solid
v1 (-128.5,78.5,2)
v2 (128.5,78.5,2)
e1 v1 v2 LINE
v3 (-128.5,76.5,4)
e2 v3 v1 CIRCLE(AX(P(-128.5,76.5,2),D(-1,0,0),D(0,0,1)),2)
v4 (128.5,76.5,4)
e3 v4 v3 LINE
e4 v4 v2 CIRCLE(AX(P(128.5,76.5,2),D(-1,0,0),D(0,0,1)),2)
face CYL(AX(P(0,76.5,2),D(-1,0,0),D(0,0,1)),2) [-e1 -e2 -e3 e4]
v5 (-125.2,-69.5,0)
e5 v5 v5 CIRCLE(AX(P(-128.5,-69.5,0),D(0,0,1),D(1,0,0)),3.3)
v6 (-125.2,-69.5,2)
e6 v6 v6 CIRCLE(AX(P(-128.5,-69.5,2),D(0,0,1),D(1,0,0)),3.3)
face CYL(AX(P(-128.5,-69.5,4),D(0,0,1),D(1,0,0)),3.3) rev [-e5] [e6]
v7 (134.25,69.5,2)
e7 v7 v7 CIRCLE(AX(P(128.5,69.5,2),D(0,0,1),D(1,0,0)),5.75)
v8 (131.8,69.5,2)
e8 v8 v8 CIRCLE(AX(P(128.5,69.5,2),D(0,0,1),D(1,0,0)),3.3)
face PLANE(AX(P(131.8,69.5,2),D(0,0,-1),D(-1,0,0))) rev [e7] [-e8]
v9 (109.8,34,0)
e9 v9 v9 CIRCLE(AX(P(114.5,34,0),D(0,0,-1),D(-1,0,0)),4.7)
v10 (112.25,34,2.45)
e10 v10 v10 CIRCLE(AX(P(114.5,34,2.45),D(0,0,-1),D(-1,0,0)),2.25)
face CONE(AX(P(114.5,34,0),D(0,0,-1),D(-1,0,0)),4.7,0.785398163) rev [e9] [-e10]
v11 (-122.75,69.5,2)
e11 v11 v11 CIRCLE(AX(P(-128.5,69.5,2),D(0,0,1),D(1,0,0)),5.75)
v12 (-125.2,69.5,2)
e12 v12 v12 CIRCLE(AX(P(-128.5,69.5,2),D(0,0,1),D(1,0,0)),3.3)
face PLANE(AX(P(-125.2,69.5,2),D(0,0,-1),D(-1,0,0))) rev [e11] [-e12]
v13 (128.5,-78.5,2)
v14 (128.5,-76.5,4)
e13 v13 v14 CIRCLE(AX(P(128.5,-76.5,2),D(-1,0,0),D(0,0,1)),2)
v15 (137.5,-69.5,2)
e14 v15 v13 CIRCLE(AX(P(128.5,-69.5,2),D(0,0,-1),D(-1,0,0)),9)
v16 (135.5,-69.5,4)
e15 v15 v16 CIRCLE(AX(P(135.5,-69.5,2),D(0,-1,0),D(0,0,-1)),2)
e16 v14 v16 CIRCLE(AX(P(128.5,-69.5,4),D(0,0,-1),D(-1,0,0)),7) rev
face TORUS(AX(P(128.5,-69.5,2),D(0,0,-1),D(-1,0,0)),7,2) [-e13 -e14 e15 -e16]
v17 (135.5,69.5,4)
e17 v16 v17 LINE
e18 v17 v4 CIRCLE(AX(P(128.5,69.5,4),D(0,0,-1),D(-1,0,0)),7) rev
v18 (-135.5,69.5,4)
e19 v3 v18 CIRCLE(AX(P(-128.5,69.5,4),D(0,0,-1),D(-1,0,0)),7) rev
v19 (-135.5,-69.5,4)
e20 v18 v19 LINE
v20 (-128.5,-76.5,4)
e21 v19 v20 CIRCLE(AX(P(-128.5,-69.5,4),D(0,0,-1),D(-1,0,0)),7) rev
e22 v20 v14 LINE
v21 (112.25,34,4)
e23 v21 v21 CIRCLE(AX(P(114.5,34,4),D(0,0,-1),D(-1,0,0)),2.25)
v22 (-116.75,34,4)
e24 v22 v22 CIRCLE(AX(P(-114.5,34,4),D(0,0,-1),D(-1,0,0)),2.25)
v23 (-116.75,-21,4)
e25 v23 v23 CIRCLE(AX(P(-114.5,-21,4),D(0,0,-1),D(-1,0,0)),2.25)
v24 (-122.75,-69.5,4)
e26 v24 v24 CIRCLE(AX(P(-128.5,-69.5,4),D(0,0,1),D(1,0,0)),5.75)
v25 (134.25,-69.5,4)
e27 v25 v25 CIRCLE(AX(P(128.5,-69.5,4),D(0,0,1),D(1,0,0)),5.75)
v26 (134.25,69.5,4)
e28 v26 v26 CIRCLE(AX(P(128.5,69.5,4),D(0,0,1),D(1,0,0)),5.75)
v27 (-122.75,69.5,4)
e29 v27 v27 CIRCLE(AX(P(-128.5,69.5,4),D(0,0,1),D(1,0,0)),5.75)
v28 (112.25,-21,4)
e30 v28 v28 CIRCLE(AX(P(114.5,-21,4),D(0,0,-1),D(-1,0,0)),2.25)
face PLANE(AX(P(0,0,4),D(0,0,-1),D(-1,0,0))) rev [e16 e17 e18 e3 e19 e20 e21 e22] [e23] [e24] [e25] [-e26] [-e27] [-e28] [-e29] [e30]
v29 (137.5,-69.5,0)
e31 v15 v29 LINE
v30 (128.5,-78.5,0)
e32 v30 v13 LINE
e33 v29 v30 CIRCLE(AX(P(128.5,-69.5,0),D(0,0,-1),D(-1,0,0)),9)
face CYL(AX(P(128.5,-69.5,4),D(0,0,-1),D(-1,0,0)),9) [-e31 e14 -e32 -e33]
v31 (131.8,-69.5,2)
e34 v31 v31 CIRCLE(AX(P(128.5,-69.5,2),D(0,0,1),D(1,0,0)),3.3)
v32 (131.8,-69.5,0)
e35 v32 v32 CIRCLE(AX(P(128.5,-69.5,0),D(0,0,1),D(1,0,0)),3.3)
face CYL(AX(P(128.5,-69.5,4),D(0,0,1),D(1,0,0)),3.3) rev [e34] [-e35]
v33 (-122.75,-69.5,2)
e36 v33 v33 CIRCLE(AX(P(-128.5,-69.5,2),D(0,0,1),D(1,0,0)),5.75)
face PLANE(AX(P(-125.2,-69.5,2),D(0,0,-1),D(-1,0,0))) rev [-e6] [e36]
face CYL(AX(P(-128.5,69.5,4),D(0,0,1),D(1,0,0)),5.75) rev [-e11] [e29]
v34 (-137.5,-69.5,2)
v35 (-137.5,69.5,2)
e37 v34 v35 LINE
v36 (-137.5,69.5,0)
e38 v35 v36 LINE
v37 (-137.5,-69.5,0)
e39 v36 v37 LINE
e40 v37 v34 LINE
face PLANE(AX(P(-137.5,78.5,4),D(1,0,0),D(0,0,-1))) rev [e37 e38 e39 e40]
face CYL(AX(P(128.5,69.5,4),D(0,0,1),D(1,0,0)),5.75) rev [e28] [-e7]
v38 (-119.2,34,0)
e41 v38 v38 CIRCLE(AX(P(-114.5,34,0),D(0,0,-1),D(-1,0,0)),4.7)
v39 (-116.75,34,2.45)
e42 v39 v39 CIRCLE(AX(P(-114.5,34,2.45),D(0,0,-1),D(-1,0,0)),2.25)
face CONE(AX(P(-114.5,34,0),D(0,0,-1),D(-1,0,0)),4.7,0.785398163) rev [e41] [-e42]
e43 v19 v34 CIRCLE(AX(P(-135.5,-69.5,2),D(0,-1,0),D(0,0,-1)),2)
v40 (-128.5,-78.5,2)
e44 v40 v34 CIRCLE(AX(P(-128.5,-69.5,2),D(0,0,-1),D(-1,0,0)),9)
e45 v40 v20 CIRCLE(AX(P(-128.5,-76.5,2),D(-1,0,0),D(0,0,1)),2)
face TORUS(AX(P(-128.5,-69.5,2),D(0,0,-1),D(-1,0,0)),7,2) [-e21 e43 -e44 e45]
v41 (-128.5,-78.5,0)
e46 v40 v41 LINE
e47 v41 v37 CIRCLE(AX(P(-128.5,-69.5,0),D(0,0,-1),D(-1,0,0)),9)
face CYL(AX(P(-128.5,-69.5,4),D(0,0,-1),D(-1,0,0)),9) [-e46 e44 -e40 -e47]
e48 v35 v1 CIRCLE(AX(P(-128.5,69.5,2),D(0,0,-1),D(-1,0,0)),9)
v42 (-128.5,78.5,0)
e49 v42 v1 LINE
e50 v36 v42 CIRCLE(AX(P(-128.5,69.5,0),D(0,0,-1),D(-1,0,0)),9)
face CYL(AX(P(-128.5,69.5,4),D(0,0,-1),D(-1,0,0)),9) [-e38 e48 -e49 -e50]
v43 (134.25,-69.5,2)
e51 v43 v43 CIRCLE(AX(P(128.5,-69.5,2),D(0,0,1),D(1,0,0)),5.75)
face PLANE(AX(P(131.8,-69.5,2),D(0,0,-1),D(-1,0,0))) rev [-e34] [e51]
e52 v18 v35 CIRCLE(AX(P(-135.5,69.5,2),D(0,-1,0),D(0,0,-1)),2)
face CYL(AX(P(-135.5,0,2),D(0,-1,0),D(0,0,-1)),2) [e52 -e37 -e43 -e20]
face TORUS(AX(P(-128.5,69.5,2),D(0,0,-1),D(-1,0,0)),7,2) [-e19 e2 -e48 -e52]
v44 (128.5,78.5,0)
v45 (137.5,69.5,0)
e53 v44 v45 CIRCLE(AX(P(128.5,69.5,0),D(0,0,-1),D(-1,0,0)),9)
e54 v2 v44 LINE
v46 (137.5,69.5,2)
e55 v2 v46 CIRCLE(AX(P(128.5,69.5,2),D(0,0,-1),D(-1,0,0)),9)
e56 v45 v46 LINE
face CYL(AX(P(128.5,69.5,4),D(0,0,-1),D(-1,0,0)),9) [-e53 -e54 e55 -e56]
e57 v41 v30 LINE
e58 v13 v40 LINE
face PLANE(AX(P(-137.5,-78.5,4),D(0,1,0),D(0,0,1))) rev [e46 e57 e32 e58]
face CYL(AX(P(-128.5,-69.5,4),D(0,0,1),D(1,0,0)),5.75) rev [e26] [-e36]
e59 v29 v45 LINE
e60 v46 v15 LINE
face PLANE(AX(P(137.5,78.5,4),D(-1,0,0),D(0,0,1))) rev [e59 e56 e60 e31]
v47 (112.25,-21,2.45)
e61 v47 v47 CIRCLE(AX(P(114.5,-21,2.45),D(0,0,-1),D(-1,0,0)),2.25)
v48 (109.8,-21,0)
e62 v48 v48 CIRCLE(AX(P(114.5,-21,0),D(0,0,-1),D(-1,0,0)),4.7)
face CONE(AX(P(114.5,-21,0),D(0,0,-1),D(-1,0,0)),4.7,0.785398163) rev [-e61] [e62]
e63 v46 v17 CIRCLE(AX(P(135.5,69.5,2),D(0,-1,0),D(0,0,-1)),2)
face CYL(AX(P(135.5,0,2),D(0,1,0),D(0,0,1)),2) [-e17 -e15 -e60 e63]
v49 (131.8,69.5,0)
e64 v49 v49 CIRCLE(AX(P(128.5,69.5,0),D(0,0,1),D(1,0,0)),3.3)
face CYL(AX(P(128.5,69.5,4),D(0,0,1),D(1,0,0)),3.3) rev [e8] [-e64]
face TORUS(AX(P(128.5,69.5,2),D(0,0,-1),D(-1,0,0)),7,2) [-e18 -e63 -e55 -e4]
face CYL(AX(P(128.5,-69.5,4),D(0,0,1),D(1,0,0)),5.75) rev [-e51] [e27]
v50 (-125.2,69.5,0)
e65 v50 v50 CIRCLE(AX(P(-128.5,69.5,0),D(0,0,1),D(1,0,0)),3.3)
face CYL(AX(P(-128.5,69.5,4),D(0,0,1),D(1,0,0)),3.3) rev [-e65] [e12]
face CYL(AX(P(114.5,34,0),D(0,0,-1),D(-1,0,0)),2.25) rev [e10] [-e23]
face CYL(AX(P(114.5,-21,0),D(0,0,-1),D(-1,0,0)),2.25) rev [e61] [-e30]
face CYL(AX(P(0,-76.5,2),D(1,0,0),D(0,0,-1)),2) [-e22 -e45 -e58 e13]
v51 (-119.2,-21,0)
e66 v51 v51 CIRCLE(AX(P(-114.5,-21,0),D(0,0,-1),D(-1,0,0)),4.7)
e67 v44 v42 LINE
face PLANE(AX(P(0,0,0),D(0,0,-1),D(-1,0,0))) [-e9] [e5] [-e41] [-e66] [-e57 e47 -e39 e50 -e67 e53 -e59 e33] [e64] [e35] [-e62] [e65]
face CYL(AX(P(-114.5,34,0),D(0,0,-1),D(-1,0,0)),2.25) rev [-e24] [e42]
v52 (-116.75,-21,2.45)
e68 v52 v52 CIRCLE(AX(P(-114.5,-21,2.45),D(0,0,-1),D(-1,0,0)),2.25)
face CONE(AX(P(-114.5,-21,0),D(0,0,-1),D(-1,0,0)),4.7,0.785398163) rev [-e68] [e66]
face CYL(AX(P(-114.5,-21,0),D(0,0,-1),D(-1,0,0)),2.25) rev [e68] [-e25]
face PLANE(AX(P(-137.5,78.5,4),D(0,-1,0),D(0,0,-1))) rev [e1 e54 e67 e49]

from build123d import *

# Parameters (mm, degrees)
ESQUISSE4_W                                      = 275
ESQUISSE4_H                                      = 157
BOSS_EXTRU_2_DEPTH                               = 4
FRAISAGE_POUR_VIS_T_TE_FRAIS_E_M42_AT_COUNT      = 2
FRAISAGE_POUR_VIS_T_TE_FRAIS_E_M42_AT_PITCH      = 235.512207752
FRAISAGE_POUR_VIS_T_TE_FRAIS_E_M42_2_COUNT       = 2
FRAISAGE_POUR_VIS_T_TE_FRAIS_E_M42_2_PITCH       = 229
FRAISAGE_POUR_VIS_T_TE_FRAIS_E_M42_3_COUNT       = 2
FRAISAGE_POUR_VIS_T_TE_FRAIS_E_M42_3_PITCH       = 55
CHAMBRAGE_POUR_VIS_T_TE_RONDE_6_PANS_D           = 6.6
CHAMBRAGE_POUR_VIS_T_TE_RONDE_6_PANS_CBORE_D     = 11.5
CHAMBRAGE_POUR_VIS_T_TE_RONDE_6_PANS_CBORE_DEPTH = 2
CONG_1_R                                         = 9
CONG_2_R                                         = 2


with BuildPart() as part:
    # Esquisse4 → Boss.-Extru.2 (new body)
    with BuildSketch(Plane.XY):
        Rectangle(ESQUISSE4_W, ESQUISSE4_H)
    extrude(amount=BOSS_EXTRU_2_DEPTH)

    # Esquisse6 → Fraisage pour vis à tête fraisée M42 (revolve, cut)
    with BuildSketch(Plane(origin=(-114.5, -21, 0), x_dir=(0, 1, 0), z_dir=(1, 0, 0))):
        Polygon((0, 0), (0, 4), (2.25, 4), (2.25, 2.45), (4.7, 0), align=None)
    fraisage_pour_vis_t_te_frais_e_m42 = revolve(axis=Axis((-114.5, -21, -6.35), (0, 0, 1)), mode=Mode.SUBTRACT)

    # Fraisage pour vis à tête fraisée M42 at: Fraisage pour vis à tête fraisée M42 ×2
    with Locations(*[Vector(0.972348747, 0.233533542, 0) * (i * FRAISAGE_POUR_VIS_T_TE_FRAIS_E_M42_AT_PITCH) for i in range(1, FRAISAGE_POUR_VIS_T_TE_FRAIS_E_M42_AT_COUNT)]):
        add(fraisage_pour_vis_t_te_frais_e_m42, mode=Mode.SUBTRACT)

    # Fraisage pour vis _ t_te frais_e M42 2: Fraisage pour vis à tête fraisée M42 ×2
    with Locations(*[(i * FRAISAGE_POUR_VIS_T_TE_FRAIS_E_M42_2_PITCH, 0, 0) for i in range(1, FRAISAGE_POUR_VIS_T_TE_FRAIS_E_M42_2_COUNT)]):
        add(fraisage_pour_vis_t_te_frais_e_m42, mode=Mode.SUBTRACT)

    # Fraisage pour vis _ t_te frais_e M42 3: Fraisage pour vis à tête fraisée M42 ×2
    with Locations(*[(0, i * FRAISAGE_POUR_VIS_T_TE_FRAIS_E_M42_3_PITCH, 0) for i in range(1, FRAISAGE_POUR_VIS_T_TE_FRAIS_E_M42_3_COUNT)]):
        add(fraisage_pour_vis_t_te_frais_e_m42, mode=Mode.SUBTRACT)

    # Chambrage pour Vis à tête ronde à 6 pans creux M61 (through all)
    with Locations(Plane.XY.offset(4)):
        with Locations((128.5, -69.5), (-128.5, -69.5), (-128.5, 69.5), (128.5, 69.5)):
            CounterBoreHole(CHAMBRAGE_POUR_VIS_T_TE_RONDE_6_PANS_D / 2, CHAMBRAGE_POUR_VIS_T_TE_RONDE_6_PANS_CBORE_D / 2, CHAMBRAGE_POUR_VIS_T_TE_RONDE_6_PANS_CBORE_DEPTH)

    # Congé1
    cong_1_edges = [part.edges().sort_by_distance(p)[0] for p in [
        (137.5, 78.5, 2),
        (137.5, -78.5, 2),
        (-137.5, -78.5, 2),
        (-137.5, 78.5, 2),
    ]]
    fillet(cong_1_edges, radius=CONG_1_R)

    # Congé2
    cong_2_edges = [part.edges().sort_by_distance(p)[0] for p in [
        (0, 78.5, 4),
        (137.5, 0, 4),
        (-137.5, 0, 4),
        (0, -78.5, 4),
        (-134.863961031, -75.863961031, 4),
        (-134.863961031, 75.863961031, 4),
        (134.863961031, -75.863961031, 4),
        (134.863961031, 75.863961031, 4),
    ]]
    fillet(cong_2_edges, radius=CONG_2_R)


solid = part.part
